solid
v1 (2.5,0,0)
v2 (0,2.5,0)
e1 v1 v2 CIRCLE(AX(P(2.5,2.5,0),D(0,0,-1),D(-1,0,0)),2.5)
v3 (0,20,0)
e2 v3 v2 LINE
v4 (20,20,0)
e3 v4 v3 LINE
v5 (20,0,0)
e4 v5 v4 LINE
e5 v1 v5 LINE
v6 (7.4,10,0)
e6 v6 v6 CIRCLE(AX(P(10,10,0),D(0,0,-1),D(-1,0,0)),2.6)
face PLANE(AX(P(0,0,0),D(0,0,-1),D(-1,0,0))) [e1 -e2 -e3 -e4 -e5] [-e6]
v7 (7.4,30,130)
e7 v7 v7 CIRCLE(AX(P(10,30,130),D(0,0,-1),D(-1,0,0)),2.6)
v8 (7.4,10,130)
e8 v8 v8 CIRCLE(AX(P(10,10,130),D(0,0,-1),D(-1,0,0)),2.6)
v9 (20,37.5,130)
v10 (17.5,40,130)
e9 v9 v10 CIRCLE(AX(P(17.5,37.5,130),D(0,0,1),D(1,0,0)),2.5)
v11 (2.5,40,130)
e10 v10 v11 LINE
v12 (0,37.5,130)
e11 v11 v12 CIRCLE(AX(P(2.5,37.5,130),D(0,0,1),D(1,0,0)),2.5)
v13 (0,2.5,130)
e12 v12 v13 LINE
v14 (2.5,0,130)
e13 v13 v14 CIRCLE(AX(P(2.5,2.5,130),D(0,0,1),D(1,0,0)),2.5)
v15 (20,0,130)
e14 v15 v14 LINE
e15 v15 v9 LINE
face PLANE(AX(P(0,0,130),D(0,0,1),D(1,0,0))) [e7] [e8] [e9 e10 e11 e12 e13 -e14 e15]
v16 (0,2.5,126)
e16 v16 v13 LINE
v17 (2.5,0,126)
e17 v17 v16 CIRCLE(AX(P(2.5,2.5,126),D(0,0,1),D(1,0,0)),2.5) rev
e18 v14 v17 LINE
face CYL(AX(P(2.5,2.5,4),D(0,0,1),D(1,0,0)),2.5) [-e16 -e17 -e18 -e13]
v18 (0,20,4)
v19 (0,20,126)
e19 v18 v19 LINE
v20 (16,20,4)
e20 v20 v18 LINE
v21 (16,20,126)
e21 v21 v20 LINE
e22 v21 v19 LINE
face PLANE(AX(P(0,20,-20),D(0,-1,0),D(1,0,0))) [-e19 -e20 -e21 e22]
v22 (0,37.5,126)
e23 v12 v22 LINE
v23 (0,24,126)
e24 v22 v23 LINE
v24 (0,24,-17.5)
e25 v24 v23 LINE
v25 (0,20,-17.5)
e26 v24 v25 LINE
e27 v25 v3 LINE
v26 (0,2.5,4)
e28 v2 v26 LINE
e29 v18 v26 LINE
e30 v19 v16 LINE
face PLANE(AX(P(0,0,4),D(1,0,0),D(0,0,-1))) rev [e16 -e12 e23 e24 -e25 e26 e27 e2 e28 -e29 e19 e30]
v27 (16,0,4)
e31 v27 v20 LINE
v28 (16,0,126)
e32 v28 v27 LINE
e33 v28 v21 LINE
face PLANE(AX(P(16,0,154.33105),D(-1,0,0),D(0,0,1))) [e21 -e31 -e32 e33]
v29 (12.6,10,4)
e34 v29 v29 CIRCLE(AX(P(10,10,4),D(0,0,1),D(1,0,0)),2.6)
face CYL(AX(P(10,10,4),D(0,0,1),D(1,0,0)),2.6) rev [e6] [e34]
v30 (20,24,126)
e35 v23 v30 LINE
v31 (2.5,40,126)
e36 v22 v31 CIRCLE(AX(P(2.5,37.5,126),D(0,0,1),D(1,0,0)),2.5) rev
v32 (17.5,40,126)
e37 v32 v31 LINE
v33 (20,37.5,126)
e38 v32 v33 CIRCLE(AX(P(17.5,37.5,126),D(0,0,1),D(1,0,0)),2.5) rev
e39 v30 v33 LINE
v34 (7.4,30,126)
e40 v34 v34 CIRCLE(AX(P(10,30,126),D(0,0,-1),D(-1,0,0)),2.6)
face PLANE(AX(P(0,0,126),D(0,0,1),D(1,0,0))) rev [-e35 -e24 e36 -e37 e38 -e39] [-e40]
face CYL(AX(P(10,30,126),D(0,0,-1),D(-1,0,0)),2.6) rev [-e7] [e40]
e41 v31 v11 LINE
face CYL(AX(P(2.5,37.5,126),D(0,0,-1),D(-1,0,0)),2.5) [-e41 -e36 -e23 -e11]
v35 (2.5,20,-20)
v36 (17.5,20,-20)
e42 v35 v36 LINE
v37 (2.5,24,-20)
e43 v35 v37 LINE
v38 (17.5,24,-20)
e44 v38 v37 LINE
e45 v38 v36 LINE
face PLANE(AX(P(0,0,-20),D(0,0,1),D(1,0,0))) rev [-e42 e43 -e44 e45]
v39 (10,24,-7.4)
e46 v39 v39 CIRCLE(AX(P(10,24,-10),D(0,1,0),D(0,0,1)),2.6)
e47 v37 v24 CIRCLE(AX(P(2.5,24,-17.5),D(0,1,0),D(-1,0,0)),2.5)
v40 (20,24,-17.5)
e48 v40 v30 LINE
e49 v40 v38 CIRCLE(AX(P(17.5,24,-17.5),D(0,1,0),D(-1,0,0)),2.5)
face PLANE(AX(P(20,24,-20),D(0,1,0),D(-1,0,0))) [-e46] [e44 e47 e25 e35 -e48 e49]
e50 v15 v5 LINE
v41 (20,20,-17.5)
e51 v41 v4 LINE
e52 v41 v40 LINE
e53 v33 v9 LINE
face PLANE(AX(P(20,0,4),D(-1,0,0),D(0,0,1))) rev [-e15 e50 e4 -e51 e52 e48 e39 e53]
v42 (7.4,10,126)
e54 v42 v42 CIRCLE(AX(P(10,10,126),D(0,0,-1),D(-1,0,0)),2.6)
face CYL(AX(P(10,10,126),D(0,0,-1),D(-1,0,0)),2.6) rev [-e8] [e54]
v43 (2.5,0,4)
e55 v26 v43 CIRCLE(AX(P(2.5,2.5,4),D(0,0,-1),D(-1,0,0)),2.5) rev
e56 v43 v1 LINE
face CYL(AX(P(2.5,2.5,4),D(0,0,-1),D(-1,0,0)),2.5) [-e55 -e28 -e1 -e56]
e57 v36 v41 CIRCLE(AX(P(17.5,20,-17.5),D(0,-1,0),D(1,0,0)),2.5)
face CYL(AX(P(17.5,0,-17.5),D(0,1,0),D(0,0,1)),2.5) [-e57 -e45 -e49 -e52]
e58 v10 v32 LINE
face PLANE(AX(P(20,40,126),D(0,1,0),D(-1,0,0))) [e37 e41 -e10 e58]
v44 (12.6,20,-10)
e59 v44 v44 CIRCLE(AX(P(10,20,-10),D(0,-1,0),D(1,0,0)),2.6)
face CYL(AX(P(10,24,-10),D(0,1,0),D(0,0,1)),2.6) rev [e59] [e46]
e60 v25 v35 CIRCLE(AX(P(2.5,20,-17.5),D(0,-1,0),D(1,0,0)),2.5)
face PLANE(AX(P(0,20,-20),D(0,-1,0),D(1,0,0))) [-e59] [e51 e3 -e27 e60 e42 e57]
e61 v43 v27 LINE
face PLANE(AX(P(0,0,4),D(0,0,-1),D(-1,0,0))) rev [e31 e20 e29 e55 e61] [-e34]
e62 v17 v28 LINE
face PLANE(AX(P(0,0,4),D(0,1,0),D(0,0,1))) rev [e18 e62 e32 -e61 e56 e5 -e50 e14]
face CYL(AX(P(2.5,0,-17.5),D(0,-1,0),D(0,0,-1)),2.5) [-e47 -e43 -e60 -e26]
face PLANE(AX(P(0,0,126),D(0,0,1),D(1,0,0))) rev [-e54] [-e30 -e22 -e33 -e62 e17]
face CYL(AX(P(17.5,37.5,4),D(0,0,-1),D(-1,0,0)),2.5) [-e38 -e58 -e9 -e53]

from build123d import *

# Parameters (mm, degrees)
SKETCH_1_W                  = 20
SKETCH_1_H                  = 20
EXTRUDE_1_DEPTH             = 4
EXTRUDE_2_DEPTH             = 130
EXTRUDE_2_DEPTH_BACK        = 20
SKETCH_2_W                  = 20
SKETCH_2_H                  = 4
SKETCH_3_W                  = 4
SKETCH_3_H                  = 24
EXTRUDE_3_DEPTH             = 130
SKETCH_4_W                  = 20
SKETCH_4_H                  = 40
EXTRUDE_4_DEPTH             = 4
HOLE_WIZARD_M53_D           = 5.2
HOLE_WIZARD_M53_ON_FACE_2_D = 5.2
HOLE_WIZARD_M53_ON_FACE_3_D = 5.2
FILLET_1_R                  = 2.5


with BuildPart() as part:
    # Эскиз1 → Бобышка-Вытянуть1 (new body)
    with BuildSketch(Plane.XY):
        with Locations((10, 10)):
            Rectangle(SKETCH_1_W, SKETCH_1_H)
    extrude(amount=EXTRUDE_1_DEPTH)

    # Эскиз2 → Бобышка-Вытянуть2 (add, two sides: drawn at the far end of the back side and taken through both)
    with BuildSketch(Plane.XY.offset(-EXTRUDE_2_DEPTH_BACK)):
        with Locations((10, 22)):
            Rectangle(SKETCH_2_W, SKETCH_2_H)
    extrude(amount=EXTRUDE_2_DEPTH + EXTRUDE_2_DEPTH_BACK)

    # Эскиз3 → Бобышка-Вытянуть3 (add)
    with BuildSketch(Plane(origin=(0, 0, 0), x_dir=(-1, 0, 0), z_dir=(0, 0, -1))):
        with Locations((-18, 12)):
            Rectangle(SKETCH_3_W, SKETCH_3_H)
    extrude(amount=-EXTRUDE_3_DEPTH)

    # Эскиз4 → Бобышка-Вытянуть4 (add)
    with BuildSketch(Plane.XY.offset(130)):
        with Locations((10, 20)):
            Rectangle(SKETCH_4_W, SKETCH_4_H)
    extrude(amount=-EXTRUDE_4_DEPTH)

    # Отверстие с зазором M53 (through all)
    with Locations(Plane(origin=(10, 10, 4), x_dir=(1, 0, 0), z_dir=(0, 0, 1))):
        with Locations((0, 0)):
            Hole(HOLE_WIZARD_M53_D / 2)

    # Отверстие с зазором M53 on face 2 (through all)
    with Locations(Plane(origin=(10, 24, -10), x_dir=(0, 0, 1), z_dir=(0, 1, 0))):
        with Locations((0, 0)):
            Hole(HOLE_WIZARD_M53_ON_FACE_2_D / 2)

    # Отверстие с зазором M53 on face 3 (through all)
    with Locations(Plane(origin=(10, 30, 126), x_dir=(-1, 0, 0), z_dir=(0, 0, -1))):
        with Locations((0, 0), (0, -20)):
            Hole(HOLE_WIZARD_M53_ON_FACE_3_D / 2)

    # Скругление1
    fillet_1_edges = [part.edges().sort_by_distance(p)[0] for p in [
        (0, 22, -20),
        (20, 22, -20),
        (0, 0, 128),
        (20, 40, 128),
        (0, 40, 128),
        (0, 0, 2),
    ]]
    fillet(fillet_1_edges, radius=FILLET_1_R)


solid = part.part
